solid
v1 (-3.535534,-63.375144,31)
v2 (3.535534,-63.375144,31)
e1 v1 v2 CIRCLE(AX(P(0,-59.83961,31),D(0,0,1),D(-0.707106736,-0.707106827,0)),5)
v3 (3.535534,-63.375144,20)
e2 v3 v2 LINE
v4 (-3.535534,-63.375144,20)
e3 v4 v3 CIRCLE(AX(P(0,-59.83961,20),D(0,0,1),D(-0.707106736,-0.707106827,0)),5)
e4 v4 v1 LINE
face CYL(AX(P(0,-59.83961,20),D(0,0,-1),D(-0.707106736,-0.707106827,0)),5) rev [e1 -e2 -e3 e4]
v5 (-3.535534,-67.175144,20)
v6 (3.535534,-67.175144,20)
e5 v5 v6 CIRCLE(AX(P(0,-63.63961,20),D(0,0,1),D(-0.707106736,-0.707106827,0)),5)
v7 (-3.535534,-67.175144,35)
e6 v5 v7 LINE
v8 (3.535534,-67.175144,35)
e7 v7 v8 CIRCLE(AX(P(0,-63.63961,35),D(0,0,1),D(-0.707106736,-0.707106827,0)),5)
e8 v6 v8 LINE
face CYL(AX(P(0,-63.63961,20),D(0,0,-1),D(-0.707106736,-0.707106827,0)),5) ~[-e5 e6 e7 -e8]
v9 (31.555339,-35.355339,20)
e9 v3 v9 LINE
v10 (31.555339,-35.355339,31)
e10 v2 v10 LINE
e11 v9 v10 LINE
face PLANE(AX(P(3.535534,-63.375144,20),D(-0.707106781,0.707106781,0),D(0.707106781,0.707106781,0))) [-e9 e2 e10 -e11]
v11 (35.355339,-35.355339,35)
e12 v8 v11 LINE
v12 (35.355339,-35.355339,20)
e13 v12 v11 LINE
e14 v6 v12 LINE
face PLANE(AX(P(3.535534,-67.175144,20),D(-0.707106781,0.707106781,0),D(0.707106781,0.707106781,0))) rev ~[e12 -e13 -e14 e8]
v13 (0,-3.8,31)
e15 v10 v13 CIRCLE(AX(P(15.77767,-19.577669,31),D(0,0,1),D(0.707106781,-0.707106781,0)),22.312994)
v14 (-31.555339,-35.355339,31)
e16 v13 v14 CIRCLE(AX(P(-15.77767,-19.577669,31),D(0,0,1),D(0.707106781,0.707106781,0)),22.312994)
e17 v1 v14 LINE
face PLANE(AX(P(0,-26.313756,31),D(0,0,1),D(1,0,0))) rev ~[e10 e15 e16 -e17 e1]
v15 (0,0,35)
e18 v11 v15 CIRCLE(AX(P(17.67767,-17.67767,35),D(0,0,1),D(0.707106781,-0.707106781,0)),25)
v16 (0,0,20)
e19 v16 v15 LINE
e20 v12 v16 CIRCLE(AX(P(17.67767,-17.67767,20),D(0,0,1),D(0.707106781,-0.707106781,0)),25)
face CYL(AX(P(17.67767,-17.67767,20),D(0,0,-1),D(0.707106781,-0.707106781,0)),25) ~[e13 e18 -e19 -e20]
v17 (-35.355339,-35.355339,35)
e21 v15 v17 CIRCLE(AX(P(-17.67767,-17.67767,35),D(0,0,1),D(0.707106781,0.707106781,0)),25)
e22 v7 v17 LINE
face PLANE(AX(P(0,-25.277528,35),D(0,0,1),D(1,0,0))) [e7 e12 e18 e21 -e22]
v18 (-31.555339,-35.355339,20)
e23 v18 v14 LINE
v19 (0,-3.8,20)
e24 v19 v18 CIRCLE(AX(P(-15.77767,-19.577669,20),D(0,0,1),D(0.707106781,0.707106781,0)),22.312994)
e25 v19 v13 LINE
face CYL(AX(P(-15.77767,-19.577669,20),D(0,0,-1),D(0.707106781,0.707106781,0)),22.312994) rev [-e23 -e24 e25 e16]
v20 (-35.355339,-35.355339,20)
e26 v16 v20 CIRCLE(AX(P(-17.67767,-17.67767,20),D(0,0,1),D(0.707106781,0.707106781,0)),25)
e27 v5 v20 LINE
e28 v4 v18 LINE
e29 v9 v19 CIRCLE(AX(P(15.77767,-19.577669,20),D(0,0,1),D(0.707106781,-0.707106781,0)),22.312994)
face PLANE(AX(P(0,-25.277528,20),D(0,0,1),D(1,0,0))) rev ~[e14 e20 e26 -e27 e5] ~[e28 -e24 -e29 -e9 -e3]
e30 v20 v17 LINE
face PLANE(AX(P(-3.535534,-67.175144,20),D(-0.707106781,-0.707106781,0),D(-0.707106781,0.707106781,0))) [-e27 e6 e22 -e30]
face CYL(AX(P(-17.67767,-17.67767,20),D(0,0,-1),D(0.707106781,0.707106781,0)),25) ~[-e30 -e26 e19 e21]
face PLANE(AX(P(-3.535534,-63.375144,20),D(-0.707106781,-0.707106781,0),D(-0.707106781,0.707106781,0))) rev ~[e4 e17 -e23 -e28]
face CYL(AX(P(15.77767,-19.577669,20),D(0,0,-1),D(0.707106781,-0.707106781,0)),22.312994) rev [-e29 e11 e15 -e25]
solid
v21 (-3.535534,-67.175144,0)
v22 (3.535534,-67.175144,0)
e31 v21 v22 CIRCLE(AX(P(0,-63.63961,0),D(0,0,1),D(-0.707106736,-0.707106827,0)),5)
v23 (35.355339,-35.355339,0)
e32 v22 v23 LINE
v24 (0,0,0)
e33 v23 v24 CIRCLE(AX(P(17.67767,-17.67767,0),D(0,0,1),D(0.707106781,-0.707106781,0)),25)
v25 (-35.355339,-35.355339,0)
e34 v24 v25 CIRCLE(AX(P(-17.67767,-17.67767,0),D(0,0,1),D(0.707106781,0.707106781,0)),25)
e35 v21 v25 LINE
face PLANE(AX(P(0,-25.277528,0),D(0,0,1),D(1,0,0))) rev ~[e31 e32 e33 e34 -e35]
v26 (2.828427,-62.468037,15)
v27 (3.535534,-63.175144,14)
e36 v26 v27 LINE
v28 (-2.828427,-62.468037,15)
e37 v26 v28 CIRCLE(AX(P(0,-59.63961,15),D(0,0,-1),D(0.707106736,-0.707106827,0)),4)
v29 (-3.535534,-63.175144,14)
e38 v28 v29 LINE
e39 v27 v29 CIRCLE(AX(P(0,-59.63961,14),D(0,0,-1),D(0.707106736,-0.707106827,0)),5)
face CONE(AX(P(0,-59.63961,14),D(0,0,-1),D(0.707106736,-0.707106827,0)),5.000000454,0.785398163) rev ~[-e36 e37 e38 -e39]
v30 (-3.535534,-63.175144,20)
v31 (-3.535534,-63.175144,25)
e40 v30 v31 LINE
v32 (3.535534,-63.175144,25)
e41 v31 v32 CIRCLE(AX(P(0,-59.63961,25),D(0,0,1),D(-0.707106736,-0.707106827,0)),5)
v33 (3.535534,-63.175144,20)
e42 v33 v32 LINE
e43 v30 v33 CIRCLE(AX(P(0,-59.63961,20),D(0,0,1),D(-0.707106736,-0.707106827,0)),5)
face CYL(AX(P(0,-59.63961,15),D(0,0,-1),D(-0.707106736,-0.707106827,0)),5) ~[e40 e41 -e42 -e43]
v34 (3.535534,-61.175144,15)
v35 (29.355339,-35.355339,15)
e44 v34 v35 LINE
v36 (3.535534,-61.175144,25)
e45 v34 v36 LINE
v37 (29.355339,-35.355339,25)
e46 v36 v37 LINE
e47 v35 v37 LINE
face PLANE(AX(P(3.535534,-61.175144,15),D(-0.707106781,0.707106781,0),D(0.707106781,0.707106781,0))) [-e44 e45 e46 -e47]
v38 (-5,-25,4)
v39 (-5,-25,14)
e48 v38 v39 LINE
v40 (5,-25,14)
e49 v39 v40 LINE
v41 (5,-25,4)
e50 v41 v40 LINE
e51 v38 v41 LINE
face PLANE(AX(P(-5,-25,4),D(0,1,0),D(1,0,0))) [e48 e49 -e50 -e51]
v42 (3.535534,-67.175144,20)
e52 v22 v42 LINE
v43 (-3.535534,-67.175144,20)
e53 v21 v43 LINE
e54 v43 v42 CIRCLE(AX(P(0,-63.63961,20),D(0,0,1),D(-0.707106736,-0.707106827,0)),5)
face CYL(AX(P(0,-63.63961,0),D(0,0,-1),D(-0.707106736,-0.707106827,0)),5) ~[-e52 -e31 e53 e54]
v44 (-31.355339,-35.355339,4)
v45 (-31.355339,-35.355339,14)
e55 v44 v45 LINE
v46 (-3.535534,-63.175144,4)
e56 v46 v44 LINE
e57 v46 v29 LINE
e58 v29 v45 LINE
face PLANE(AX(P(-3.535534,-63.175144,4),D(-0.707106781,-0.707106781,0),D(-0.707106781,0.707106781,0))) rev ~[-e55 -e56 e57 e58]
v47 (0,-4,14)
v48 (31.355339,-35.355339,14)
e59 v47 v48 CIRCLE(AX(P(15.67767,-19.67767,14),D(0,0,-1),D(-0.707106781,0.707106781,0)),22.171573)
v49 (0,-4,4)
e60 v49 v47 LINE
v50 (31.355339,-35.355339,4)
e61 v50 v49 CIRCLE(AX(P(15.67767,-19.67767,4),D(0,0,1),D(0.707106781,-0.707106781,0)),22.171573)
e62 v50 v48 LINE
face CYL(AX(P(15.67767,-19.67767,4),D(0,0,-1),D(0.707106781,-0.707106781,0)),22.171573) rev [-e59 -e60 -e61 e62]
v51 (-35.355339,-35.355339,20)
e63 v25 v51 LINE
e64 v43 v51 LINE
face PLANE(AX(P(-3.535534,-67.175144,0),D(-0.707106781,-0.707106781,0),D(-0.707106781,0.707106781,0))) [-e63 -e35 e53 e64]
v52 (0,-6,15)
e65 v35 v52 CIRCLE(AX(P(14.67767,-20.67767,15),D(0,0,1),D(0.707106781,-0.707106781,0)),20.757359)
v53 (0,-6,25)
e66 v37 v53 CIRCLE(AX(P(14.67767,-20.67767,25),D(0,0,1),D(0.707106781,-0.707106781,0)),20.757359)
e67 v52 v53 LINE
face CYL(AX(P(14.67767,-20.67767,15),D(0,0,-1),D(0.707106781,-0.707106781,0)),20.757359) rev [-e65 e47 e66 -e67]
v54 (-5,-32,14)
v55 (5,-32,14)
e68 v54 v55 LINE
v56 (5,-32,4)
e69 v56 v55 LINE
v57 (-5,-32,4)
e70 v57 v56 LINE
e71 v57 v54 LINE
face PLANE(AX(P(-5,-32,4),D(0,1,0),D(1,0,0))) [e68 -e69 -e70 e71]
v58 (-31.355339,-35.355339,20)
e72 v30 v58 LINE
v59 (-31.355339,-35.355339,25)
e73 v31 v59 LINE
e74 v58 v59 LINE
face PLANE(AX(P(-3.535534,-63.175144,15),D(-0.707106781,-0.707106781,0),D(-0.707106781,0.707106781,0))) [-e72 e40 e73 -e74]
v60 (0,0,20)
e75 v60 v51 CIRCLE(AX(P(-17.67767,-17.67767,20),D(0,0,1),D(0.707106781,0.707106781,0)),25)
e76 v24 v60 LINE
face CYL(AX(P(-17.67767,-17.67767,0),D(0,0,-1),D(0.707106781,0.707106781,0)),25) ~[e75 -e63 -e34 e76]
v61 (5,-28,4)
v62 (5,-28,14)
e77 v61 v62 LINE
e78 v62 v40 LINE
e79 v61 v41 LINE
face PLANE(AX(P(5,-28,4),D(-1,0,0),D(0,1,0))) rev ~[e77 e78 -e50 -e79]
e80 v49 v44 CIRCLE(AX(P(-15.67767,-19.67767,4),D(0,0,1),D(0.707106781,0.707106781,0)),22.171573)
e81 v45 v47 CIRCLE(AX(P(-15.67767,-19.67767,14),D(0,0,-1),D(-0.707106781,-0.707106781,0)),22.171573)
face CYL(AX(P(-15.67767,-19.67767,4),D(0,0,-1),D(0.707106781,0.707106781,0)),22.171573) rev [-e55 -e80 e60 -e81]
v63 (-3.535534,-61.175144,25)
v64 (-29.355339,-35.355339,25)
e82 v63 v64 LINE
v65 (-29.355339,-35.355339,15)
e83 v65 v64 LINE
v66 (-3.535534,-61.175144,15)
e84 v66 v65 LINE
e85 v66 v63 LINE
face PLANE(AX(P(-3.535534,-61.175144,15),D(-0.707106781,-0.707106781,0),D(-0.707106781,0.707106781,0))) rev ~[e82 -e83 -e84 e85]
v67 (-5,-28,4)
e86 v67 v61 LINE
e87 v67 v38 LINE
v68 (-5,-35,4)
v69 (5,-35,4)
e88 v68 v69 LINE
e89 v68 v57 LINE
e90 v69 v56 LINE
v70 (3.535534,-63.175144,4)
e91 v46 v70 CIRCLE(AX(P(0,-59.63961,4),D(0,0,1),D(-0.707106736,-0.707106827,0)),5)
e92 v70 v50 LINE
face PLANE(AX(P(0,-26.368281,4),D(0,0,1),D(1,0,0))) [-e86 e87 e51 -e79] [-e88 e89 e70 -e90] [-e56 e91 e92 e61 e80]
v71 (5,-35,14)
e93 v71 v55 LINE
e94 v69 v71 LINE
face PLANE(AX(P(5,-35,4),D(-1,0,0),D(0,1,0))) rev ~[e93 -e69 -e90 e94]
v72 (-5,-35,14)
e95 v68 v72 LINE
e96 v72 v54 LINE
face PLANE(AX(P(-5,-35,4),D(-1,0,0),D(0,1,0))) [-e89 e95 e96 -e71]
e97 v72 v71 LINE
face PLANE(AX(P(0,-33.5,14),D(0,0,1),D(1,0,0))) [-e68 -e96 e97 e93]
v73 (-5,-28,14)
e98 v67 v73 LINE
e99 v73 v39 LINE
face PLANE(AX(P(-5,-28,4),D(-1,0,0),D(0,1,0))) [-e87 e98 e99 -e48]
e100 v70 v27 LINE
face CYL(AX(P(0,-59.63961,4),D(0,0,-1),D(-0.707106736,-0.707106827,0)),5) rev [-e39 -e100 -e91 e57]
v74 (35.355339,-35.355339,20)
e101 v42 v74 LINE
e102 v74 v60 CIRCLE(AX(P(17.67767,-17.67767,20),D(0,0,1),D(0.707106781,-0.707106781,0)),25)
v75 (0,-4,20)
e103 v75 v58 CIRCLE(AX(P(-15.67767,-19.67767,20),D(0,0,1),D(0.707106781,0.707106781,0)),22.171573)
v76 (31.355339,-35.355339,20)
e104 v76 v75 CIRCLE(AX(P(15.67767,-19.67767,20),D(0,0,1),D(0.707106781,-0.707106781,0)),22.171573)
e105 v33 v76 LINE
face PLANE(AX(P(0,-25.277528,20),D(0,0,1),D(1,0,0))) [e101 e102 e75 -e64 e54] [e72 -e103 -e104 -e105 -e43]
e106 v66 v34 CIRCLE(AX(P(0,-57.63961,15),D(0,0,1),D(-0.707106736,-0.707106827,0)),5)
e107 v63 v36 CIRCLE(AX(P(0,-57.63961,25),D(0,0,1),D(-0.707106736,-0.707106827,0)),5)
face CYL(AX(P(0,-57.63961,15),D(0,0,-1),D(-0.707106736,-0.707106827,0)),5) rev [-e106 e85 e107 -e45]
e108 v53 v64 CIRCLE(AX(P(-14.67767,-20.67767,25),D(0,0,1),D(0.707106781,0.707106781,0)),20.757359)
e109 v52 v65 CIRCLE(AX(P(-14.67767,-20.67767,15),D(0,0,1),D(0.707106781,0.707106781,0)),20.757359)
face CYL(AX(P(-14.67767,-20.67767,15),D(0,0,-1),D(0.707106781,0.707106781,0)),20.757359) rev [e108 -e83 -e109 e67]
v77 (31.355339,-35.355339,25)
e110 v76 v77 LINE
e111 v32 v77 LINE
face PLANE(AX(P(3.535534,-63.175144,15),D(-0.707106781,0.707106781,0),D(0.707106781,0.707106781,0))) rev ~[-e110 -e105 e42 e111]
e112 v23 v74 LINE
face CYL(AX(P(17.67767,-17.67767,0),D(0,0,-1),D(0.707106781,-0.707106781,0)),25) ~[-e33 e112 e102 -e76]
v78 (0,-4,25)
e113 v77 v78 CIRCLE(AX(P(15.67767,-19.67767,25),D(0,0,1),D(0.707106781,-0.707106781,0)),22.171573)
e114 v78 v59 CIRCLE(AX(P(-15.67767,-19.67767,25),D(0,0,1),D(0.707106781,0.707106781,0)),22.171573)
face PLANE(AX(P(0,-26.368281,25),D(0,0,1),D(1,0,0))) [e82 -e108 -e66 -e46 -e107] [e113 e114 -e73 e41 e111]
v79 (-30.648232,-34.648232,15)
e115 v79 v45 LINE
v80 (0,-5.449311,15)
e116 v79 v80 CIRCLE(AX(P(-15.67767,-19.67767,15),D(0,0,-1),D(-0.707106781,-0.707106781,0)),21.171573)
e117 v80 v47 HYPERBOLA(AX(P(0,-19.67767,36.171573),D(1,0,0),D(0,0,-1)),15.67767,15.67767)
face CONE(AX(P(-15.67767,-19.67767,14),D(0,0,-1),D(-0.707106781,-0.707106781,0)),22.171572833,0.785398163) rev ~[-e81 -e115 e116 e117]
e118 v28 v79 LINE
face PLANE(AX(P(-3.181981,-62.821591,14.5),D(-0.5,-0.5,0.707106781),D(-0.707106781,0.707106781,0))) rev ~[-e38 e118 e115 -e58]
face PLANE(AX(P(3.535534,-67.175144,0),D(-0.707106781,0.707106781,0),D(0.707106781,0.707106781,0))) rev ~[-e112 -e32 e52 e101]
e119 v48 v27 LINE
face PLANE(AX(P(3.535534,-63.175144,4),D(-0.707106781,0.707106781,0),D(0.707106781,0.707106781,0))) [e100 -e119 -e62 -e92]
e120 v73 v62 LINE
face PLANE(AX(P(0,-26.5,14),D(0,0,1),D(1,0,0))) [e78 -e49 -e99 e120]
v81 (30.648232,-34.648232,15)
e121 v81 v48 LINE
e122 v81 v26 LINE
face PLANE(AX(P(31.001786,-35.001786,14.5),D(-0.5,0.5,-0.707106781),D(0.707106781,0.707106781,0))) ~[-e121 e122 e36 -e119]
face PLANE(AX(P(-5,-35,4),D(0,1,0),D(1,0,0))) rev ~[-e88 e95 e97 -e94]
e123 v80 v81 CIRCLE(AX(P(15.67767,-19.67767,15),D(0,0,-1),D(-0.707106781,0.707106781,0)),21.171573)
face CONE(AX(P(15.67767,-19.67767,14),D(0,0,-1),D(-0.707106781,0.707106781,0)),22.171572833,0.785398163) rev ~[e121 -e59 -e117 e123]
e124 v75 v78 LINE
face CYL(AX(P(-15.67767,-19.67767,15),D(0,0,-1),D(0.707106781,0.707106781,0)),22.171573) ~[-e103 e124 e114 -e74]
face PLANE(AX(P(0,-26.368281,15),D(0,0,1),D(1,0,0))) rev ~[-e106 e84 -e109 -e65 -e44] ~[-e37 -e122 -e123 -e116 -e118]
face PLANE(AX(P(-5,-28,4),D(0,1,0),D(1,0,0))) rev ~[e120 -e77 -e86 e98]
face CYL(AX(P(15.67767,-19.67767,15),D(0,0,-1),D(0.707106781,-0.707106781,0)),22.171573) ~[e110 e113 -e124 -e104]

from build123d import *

# Parameters (mm, degrees)
PAD_DEPTH       = 20
POCKET_DEPTH    = 16
PAD002_DEPTH    = 10
POCKET002_DEPTH = 10
SKETCH006_W     = 10
SKETCH006_H     = 3
PAD003_DEPTH    = 10
CHAMFER_SIZE    = 1
PAD001_DEPTH    = 15
POCKET001_DEPTH = 11


with BuildPart() as box_bottom_body:
    # Sketch → Pad (new body)
    with BuildSketch(Plane.XY):
        with BuildLine():
            ThreePointArc((-3.535534, -67.175144), (0, -68.63961), (3.535534, -67.175144))
            Line((3.535534, -67.175144), (35.355339, -35.355339))
            ThreePointArc((35.355339, -35.355339), (35.355339, 0), (0, 0))
            ThreePointArc((0, 0), (-35.355339, 0), (-35.355339, -35.355339))
            Line((-3.535534, -67.175144), (-35.355339, -35.355339))
        make_face()
    extrude(amount=PAD_DEPTH)

    # Sketch001 (on DatumPlane) → Pocket (cut)
    with BuildSketch(Plane.XY.offset(4)):
        with BuildLine():
            ThreePointArc((-3.535534, -63.175144), (0, -64.63961), (3.535534, -63.175144))
            Line((3.535534, -63.175144), (31.355339, -35.355339))
            ThreePointArc((31.355339, -35.355339), (31.355339, -4), (0, -4))
            ThreePointArc((0, -4), (-31.355339, -4), (-31.355339, -35.355339))
            Line((-3.535534, -63.175144), (-31.355339, -35.355339))
        make_face()
    extrude(amount=POCKET_DEPTH, mode=Mode.SUBTRACT)

    # Sketch004 (on DatumPlane) → Pad002 (join)
    with BuildSketch(Plane.XY.offset(15)):
        with BuildLine():
            ThreePointArc((-3.535534, -63.175144), (0, -64.63961), (3.535534, -63.175144))
            Line((3.535534, -63.175144), (31.355339, -35.355339))
            ThreePointArc((31.355339, -35.355339), (31.355339, -4), (0, -4))
            ThreePointArc((0, -4), (-31.355339, -4), (-31.355339, -35.355339))
            Line((-3.535534, -63.175144), (-31.355339, -35.355339))
        make_face()
    extrude(amount=PAD002_DEPTH)

    # Sketch005 (on DatumPlane) → Pocket002 (cut)
    with BuildSketch(Plane.XY.offset(15)):
        with BuildLine():
            ThreePointArc((-3.535534, -61.175144), (0, -62.63961), (3.535534, -61.175144))
            Line((3.535534, -61.175144), (29.355339, -35.355339))
            ThreePointArc((29.355339, -35.355339), (29.355339, -6), (0, -6))
            ThreePointArc((0, -6), (-29.355339, -6), (-29.355339, -35.355339))
            Line((-3.535534, -61.175144), (-29.355339, -35.355339))
        make_face()
    extrude(amount=POCKET002_DEPTH, mode=Mode.SUBTRACT)

    # Sketch006 (on DatumPlane) → Pad003 (join)
    with BuildSketch(Plane.XY.offset(4)):
        with Locations((0, -26.5)):
            Rectangle(SKETCH006_W, SKETCH006_H)
        with Locations((0, -33.5)):
            Rectangle(SKETCH006_W, SKETCH006_H)
    extrude(amount=PAD003_DEPTH)

    # Chamfer
    chamfer_edges = [box_bottom_body.edges().sort_by_distance(p)[0] for p in [
        (-17.445436, -49.265242, 15),
        (0, -64.63961, 15),
        (17.445436, -49.265242, 15),
        (31.355339, -4, 15),
        (-31.355339, -4, 15),
    ]]
    chamfer(chamfer_edges, length=CHAMFER_SIZE)


with BuildPart() as box_top_body:
    # Sketch002 (on DatumPlane) → Pad001 (new body)
    with BuildSketch(Plane.XY.offset(20)):
        with BuildLine():
            ThreePointArc((-3.535534, -67.175144), (0, -68.63961), (3.535534, -67.175144))
            Line((3.535534, -67.175144), (35.355339, -35.355339))
            ThreePointArc((35.355339, -35.355339), (35.355339, 0), (0, 0))
            ThreePointArc((0, 0), (-35.355339, 0), (-35.355339, -35.355339))
            Line((-3.535534, -67.175144), (-35.355339, -35.355339))
        make_face()
    extrude(amount=PAD001_DEPTH)

    # Sketch003 (on DatumPlane) → Pocket001 (cut)
    with BuildSketch(Plane.XY.offset(20)):
        with BuildLine():
            ThreePointArc((-3.535534, -63.375144), (0, -64.83961), (3.535534, -63.375144))
            Line((3.535534, -63.375144), (31.555339, -35.355339))
            ThreePointArc((31.555339, -35.355339), (31.555339, -3.8), (0, -3.8))
            ThreePointArc((0, -3.8), (-31.555339, -3.8), (-31.555339, -35.355339))
            Line((-3.535534, -63.375144), (-31.555339, -35.355339))
        make_face()
    extrude(amount=POCKET001_DEPTH, mode=Mode.SUBTRACT)


solid = Compound([box_bottom_body.part, box_top_body.part])
